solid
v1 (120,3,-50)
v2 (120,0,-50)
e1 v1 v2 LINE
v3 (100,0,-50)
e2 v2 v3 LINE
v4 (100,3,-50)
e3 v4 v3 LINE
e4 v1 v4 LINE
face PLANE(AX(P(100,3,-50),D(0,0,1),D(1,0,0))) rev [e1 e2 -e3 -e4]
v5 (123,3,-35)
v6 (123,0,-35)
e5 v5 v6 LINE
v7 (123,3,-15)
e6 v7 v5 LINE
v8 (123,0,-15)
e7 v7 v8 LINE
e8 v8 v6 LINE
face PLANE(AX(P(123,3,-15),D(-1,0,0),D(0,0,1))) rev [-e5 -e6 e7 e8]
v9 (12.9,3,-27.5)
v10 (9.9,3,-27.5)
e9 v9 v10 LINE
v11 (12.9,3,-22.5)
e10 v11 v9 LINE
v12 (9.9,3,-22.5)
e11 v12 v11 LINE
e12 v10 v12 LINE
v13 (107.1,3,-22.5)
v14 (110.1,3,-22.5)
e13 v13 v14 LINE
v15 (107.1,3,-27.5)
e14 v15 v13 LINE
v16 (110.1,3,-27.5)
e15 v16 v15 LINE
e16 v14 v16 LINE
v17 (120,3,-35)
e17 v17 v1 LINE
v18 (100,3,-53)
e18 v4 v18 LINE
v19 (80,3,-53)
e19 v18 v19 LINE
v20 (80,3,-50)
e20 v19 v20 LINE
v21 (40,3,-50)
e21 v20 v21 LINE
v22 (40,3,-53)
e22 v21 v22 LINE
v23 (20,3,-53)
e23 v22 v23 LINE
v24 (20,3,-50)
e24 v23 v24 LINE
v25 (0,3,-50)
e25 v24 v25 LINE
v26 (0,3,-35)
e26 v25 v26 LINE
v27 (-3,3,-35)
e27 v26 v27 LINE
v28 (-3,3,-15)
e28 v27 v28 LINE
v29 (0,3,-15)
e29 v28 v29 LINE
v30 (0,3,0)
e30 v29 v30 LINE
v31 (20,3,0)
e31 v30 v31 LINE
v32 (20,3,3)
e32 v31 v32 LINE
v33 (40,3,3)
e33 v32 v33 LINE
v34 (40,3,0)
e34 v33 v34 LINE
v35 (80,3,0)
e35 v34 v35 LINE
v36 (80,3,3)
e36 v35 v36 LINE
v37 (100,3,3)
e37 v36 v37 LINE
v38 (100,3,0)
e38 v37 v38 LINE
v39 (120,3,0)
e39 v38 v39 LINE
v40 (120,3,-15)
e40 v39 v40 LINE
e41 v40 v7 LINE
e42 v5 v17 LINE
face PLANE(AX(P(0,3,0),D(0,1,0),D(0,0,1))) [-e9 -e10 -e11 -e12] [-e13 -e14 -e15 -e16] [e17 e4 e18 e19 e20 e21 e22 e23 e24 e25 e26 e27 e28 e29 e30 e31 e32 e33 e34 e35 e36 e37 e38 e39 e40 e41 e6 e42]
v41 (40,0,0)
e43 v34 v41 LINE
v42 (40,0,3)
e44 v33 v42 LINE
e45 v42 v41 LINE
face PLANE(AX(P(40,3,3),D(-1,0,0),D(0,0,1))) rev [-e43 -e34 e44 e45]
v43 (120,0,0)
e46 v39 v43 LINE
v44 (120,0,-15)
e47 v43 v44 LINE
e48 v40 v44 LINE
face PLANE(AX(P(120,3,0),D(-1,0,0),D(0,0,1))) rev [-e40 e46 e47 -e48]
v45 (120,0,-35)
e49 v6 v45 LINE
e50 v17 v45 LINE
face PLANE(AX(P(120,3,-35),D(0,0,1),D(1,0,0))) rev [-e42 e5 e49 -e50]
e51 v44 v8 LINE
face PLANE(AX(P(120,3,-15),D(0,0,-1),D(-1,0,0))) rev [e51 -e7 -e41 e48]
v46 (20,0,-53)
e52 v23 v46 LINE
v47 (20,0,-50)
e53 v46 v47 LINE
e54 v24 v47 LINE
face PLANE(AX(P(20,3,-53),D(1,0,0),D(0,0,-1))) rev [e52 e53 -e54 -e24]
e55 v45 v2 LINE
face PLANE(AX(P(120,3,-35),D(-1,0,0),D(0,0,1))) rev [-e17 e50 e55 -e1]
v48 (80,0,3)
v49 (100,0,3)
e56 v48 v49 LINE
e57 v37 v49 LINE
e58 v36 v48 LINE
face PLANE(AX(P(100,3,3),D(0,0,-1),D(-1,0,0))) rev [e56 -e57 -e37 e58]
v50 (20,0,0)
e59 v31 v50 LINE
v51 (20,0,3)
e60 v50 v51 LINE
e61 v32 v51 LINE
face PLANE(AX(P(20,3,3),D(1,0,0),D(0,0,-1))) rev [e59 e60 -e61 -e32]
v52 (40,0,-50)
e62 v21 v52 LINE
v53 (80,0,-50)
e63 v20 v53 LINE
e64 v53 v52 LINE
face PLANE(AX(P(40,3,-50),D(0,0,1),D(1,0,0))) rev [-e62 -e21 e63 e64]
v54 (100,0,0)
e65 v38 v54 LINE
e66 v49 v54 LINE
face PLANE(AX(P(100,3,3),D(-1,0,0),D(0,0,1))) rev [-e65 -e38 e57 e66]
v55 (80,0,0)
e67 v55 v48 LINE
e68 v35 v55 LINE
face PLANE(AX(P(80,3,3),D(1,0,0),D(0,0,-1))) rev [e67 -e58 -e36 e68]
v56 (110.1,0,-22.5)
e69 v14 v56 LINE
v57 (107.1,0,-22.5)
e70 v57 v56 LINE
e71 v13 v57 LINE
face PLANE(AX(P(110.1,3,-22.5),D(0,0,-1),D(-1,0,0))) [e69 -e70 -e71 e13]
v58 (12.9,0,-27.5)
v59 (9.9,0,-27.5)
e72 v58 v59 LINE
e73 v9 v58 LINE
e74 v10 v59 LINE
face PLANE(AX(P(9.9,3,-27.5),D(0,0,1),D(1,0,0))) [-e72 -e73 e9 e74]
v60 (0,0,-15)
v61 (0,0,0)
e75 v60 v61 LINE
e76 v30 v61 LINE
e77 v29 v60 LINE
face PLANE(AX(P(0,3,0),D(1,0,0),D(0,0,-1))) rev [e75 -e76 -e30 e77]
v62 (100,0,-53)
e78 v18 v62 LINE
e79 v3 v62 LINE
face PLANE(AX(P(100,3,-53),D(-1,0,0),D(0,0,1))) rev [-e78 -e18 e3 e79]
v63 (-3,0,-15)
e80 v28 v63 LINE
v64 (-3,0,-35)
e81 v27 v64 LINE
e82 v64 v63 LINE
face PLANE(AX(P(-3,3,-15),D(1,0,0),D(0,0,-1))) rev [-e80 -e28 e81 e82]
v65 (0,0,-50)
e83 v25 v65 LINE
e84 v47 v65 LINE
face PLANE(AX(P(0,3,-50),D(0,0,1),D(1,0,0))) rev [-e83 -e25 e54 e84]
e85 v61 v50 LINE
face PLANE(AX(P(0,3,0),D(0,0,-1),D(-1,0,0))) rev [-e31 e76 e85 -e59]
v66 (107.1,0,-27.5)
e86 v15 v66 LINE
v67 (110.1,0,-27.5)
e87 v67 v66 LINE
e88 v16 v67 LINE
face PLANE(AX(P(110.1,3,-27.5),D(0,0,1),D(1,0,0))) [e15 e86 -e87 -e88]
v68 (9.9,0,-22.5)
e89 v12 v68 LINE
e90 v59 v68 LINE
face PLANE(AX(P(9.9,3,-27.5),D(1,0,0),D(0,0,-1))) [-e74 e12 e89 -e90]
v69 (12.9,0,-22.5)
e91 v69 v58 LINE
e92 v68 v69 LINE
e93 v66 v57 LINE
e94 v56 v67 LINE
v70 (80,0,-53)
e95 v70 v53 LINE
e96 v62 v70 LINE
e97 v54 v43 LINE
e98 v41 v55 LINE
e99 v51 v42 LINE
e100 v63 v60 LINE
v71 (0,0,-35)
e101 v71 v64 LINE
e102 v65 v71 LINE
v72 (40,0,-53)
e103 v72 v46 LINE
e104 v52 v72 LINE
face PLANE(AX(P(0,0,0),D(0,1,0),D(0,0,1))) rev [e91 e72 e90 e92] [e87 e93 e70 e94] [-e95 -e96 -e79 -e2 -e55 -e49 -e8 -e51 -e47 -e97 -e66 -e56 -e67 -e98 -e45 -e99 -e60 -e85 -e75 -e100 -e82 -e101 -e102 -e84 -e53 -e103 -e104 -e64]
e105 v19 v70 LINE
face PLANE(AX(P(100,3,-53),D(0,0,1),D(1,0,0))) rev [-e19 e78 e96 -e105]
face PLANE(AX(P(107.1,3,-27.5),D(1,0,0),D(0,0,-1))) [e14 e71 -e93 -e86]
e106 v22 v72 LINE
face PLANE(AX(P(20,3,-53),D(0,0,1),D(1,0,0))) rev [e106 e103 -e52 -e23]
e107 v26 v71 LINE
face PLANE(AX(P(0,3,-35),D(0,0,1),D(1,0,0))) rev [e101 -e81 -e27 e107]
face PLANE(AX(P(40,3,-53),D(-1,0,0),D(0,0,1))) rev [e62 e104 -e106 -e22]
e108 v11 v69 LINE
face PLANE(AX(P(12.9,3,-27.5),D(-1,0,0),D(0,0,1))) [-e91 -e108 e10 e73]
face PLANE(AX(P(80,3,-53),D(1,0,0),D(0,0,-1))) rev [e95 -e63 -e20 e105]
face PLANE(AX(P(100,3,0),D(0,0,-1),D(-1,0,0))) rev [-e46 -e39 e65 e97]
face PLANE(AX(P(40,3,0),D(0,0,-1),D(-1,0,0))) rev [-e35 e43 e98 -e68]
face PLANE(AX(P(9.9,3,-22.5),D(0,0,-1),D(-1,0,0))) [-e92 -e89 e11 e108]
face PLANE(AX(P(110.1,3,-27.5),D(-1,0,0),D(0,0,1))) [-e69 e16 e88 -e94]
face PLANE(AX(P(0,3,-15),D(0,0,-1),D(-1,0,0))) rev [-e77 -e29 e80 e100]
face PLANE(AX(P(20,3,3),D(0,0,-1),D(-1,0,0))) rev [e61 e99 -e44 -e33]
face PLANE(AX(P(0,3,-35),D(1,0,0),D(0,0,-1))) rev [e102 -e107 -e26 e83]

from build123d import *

# Parameters (mm, degrees)
SKETCH2_W           = 3
SKETCH2_H           = 5
BOSS_EXTRUDE1_DEPTH = 3


with BuildPart() as part:
    # Sketch2 → Boss-Extrude1 (new body)
    with BuildSketch(Plane(origin=(0, 0, 0), x_dir=(1, 0, 0), z_dir=(0, 1, 0))):
        Polygon((0, 0), (20, 0), (20, -3), (40, -3), (40, 0), (80, 0), (80, -3), (100, -3), (100, 0), (120, 0), (120, 15), (123, 15), (123, 35), (120, 35), (120, 50), (100, 50), (100, 53), (80, 53), (80, 50), (40, 50), (40, 53), (20, 53), (20, 50), (0, 50), (0, 35), (-3, 35), (-3, 15), (0, 15), align=None)
        with Locations((11.4, 25)):
            Rectangle(SKETCH2_W, SKETCH2_H, mode=Mode.SUBTRACT)
        with Locations((108.6, 25)):
            Rectangle(SKETCH2_W, SKETCH2_H, mode=Mode.SUBTRACT)
    extrude(amount=BOSS_EXTRUDE1_DEPTH)


solid = part.part
